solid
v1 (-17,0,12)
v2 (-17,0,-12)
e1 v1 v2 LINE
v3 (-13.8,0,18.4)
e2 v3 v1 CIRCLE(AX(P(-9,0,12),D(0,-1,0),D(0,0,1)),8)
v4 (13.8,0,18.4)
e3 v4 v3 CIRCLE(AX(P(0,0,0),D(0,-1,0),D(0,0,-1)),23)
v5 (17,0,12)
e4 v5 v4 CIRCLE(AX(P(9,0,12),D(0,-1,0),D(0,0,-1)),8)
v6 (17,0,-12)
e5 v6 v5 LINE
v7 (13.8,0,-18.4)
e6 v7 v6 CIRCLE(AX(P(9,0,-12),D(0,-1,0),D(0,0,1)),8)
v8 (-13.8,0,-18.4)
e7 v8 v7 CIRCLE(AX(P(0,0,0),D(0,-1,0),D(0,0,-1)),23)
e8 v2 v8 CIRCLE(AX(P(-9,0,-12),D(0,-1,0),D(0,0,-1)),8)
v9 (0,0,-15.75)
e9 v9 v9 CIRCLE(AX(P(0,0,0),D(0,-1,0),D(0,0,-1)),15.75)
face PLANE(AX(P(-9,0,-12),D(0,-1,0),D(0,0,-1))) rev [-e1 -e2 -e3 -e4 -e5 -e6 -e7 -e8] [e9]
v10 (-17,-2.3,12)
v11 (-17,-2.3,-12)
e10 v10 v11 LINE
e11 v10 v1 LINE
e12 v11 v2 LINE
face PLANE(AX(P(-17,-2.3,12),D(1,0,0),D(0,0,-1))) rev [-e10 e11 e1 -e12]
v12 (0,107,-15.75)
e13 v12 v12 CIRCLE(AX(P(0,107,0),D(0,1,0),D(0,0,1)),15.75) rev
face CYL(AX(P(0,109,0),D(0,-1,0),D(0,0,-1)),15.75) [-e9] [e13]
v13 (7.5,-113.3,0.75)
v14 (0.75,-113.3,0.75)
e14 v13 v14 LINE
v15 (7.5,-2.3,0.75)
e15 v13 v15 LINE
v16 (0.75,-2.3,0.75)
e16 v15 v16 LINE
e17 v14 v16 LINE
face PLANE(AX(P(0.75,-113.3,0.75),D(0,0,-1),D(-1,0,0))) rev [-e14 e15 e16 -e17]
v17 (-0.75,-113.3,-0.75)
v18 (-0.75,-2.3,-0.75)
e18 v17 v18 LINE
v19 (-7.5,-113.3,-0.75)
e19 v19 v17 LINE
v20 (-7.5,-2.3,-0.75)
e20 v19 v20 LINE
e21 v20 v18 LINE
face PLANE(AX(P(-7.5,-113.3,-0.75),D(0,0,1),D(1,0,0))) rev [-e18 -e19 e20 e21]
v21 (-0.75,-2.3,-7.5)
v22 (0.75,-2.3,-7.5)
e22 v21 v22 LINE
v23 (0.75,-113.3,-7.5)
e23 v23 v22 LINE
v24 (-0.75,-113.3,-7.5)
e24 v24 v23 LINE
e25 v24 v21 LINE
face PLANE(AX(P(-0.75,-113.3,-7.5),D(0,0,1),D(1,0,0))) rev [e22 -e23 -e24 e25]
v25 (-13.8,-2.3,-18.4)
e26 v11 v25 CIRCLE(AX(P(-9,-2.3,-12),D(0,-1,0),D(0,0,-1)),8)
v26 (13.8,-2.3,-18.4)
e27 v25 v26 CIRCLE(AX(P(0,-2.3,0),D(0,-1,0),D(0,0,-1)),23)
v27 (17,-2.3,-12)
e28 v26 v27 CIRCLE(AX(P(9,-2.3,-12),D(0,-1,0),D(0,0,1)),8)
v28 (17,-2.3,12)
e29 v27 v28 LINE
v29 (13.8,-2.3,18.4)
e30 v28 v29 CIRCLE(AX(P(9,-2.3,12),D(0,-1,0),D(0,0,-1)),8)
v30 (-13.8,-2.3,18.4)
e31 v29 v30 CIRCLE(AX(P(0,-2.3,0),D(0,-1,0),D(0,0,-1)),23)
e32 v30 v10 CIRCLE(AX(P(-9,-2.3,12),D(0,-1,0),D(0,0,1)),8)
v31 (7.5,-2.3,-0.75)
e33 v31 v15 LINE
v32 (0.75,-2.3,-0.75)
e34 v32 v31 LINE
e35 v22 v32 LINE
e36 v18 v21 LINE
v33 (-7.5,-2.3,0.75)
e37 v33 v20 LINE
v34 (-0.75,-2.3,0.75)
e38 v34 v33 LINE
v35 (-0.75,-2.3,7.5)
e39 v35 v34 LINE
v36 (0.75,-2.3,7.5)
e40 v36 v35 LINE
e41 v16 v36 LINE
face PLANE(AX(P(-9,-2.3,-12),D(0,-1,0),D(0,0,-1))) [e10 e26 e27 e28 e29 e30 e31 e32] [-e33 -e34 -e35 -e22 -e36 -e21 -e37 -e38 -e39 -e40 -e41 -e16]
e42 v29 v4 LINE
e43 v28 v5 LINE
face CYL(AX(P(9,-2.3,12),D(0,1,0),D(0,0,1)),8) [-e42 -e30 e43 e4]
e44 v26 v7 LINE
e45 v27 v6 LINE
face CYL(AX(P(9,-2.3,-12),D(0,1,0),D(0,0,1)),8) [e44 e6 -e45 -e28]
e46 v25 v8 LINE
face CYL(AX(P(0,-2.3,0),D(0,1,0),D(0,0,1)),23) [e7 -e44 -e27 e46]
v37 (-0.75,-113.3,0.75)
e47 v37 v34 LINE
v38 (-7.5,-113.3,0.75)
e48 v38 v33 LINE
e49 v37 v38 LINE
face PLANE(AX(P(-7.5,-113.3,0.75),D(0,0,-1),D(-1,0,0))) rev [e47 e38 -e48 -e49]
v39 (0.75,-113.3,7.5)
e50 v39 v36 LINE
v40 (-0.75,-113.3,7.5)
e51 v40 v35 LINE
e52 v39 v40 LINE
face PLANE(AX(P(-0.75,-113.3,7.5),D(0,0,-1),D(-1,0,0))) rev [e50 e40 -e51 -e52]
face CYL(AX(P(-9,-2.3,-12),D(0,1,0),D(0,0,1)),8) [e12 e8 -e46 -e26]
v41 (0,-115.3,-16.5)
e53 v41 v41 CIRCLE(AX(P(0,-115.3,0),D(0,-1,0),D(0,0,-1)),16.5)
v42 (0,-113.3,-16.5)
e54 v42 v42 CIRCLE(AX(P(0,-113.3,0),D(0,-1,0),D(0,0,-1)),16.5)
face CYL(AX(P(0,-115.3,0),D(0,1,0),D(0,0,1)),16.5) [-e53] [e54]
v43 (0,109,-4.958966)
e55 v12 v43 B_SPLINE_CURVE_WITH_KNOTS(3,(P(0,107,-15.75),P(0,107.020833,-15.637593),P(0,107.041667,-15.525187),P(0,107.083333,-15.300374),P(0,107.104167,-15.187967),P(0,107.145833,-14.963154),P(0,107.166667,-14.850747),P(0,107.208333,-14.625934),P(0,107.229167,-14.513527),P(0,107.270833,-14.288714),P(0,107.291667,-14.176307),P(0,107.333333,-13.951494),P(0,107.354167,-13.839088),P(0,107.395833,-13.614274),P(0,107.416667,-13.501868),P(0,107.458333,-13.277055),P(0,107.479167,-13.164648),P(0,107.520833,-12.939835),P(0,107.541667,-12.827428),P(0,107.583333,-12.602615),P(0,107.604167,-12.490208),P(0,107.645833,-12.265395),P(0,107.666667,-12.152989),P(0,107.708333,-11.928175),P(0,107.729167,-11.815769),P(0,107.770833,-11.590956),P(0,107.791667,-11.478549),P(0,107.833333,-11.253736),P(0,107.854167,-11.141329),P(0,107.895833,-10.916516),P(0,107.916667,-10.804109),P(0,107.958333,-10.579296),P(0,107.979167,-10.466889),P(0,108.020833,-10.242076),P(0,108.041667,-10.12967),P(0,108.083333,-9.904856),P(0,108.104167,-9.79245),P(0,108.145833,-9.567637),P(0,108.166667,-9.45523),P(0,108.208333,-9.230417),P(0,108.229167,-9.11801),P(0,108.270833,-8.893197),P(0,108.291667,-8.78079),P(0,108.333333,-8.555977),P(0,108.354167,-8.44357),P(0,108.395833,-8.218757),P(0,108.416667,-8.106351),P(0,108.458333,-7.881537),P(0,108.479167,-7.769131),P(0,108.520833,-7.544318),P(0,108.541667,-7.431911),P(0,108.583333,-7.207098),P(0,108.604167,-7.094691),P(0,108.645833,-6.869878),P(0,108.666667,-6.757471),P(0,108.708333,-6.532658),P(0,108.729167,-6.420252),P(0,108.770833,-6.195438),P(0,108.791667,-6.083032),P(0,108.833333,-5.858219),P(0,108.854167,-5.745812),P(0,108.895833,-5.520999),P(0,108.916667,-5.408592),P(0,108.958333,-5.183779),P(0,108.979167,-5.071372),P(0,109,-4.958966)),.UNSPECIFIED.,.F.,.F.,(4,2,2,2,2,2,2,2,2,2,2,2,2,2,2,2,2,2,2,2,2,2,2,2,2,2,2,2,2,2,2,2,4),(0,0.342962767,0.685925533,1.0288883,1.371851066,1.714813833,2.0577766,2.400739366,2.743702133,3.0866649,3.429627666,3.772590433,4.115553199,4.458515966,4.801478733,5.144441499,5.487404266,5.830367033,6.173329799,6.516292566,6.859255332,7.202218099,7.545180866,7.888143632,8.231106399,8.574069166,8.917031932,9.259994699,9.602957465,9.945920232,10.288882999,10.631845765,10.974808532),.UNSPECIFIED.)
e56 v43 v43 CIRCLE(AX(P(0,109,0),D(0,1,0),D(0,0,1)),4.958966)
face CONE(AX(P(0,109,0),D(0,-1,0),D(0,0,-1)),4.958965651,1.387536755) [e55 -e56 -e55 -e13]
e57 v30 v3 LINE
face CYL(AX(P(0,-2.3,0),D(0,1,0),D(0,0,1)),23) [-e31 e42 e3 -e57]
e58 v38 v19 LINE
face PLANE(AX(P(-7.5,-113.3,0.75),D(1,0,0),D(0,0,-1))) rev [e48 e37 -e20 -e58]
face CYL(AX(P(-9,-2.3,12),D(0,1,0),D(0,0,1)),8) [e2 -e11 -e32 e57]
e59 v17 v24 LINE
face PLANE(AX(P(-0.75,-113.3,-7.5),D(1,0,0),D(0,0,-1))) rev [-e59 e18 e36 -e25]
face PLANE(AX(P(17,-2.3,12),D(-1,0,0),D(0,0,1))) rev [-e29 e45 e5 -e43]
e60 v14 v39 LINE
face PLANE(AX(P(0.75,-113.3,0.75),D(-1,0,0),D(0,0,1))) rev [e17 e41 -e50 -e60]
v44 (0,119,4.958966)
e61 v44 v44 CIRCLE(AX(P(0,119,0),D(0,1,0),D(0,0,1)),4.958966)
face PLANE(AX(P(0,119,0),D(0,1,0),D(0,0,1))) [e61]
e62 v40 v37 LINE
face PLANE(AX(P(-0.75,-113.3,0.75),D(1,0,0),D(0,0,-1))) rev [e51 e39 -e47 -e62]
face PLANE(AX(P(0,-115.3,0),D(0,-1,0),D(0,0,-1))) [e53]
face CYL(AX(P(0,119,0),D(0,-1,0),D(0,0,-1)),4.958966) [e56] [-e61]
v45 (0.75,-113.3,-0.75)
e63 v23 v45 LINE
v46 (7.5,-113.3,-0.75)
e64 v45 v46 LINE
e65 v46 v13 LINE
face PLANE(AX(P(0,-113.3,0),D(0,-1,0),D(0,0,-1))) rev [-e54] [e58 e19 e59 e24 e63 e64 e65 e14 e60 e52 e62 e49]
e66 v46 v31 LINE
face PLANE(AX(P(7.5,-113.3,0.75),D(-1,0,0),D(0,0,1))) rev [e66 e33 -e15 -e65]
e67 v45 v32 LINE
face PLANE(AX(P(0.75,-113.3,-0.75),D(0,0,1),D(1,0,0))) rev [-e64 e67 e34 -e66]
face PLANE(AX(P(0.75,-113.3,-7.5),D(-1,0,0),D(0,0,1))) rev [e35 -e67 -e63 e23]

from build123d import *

# Parameters (mm, degrees)
SKETCH1_R           = 15.75
BOSS_EXTRUDE1_DEPTH = 109
CHAMFER1_SIZE       = 2
CHAMFER1_SIZE2      = 10.791034349
SKETCH2_R           = 4.958965651
BOSS_EXTRUDE2_DEPTH = 10
BOSS_EXTRUDE3_DEPTH = 2.3
BOSS_EXTRUDE4_DEPTH = 111
SKETCH5_R           = 16.5
BOSS_EXTRUDE5_DEPTH = 2


with BuildPart() as part:
    # Sketch1 → Boss-Extrude1 (new body)
    with BuildSketch(Plane(origin=(0, 0, 0), x_dir=(1, 0, 0), z_dir=(0, 1, 0))):
        with Locations(Location((0, 0, 0), (0, 0, 270))):
            Circle(SKETCH1_R)
    extrude(amount=BOSS_EXTRUDE1_DEPTH)

    # Chamfer1
    chamfer1_edges = [part.edges().sort_by_distance(p)[0] for p in [
        (0, 109, -15.75),
    ]]
    chamfer1_side = [part.faces().sort_by_distance(p)[0] for p in [
        (0, 54.5, -15.75),
    ]]
    chamfer(chamfer1_edges, length=CHAMFER1_SIZE, length2=CHAMFER1_SIZE2, reference=chamfer1_side[0])

    # Sketch2 → Boss-Extrude2 (add)
    with BuildSketch(Plane(origin=(0, 109, 0), x_dir=(1, 0, 0), z_dir=(0, 1, 0))):
        with Locations(Location((0, 0, 0), (0, 0, 90))):
            Circle(SKETCH2_R)
    extrude(amount=BOSS_EXTRUDE2_DEPTH)

    # Sketch3 → Boss-Extrude3 (add)
    with BuildSketch(Plane.XZ):
        with BuildLine():
            Line((-17, 12), (-17, -12))
            ThreePointArc((-17, -12), (-16.155417528, -15.577708764), (-13.8, -18.4))
            ThreePointArc((-13.8, -18.4), (0, -23), (13.8, -18.4))
            ThreePointArc((13.8, -18.4), (16.155417528, -15.577708764), (17, -12))
            Line((17, -12), (17, 12))
            ThreePointArc((17, 12), (16.155417528, 15.577708764), (13.8, 18.4))
            ThreePointArc((13.8, 18.4), (0, 23), (-13.8, 18.4))
            ThreePointArc((-13.8, 18.4), (-16.155417528, 15.577708764), (-17, 12))
        make_face()
    extrude(amount=BOSS_EXTRUDE3_DEPTH)

    # Sketch4 → Boss-Extrude4 (add)
    with BuildSketch(Plane.XZ.offset(2.3)):
        Polygon((0.75, 0.75), (7.5, 0.75), (7.5, -0.75), (0.75, -0.75), (0.75, -7.5), (-0.75, -7.5), (-0.75, -0.75), (-7.5, -0.75), (-7.5, 0.75), (-0.75, 0.75), (-0.75, 7.5), (0.75, 7.5), align=None)
    extrude(amount=BOSS_EXTRUDE4_DEPTH)

    # Sketch5 → Boss-Extrude5 (add)
    with BuildSketch(Plane.XZ.offset(113.3)):
        with Locations(Location((0, 0, 0), (0, 0, 270))):
            Circle(SKETCH5_R)
    extrude(amount=BOSS_EXTRUDE5_DEPTH)


solid = part.part
